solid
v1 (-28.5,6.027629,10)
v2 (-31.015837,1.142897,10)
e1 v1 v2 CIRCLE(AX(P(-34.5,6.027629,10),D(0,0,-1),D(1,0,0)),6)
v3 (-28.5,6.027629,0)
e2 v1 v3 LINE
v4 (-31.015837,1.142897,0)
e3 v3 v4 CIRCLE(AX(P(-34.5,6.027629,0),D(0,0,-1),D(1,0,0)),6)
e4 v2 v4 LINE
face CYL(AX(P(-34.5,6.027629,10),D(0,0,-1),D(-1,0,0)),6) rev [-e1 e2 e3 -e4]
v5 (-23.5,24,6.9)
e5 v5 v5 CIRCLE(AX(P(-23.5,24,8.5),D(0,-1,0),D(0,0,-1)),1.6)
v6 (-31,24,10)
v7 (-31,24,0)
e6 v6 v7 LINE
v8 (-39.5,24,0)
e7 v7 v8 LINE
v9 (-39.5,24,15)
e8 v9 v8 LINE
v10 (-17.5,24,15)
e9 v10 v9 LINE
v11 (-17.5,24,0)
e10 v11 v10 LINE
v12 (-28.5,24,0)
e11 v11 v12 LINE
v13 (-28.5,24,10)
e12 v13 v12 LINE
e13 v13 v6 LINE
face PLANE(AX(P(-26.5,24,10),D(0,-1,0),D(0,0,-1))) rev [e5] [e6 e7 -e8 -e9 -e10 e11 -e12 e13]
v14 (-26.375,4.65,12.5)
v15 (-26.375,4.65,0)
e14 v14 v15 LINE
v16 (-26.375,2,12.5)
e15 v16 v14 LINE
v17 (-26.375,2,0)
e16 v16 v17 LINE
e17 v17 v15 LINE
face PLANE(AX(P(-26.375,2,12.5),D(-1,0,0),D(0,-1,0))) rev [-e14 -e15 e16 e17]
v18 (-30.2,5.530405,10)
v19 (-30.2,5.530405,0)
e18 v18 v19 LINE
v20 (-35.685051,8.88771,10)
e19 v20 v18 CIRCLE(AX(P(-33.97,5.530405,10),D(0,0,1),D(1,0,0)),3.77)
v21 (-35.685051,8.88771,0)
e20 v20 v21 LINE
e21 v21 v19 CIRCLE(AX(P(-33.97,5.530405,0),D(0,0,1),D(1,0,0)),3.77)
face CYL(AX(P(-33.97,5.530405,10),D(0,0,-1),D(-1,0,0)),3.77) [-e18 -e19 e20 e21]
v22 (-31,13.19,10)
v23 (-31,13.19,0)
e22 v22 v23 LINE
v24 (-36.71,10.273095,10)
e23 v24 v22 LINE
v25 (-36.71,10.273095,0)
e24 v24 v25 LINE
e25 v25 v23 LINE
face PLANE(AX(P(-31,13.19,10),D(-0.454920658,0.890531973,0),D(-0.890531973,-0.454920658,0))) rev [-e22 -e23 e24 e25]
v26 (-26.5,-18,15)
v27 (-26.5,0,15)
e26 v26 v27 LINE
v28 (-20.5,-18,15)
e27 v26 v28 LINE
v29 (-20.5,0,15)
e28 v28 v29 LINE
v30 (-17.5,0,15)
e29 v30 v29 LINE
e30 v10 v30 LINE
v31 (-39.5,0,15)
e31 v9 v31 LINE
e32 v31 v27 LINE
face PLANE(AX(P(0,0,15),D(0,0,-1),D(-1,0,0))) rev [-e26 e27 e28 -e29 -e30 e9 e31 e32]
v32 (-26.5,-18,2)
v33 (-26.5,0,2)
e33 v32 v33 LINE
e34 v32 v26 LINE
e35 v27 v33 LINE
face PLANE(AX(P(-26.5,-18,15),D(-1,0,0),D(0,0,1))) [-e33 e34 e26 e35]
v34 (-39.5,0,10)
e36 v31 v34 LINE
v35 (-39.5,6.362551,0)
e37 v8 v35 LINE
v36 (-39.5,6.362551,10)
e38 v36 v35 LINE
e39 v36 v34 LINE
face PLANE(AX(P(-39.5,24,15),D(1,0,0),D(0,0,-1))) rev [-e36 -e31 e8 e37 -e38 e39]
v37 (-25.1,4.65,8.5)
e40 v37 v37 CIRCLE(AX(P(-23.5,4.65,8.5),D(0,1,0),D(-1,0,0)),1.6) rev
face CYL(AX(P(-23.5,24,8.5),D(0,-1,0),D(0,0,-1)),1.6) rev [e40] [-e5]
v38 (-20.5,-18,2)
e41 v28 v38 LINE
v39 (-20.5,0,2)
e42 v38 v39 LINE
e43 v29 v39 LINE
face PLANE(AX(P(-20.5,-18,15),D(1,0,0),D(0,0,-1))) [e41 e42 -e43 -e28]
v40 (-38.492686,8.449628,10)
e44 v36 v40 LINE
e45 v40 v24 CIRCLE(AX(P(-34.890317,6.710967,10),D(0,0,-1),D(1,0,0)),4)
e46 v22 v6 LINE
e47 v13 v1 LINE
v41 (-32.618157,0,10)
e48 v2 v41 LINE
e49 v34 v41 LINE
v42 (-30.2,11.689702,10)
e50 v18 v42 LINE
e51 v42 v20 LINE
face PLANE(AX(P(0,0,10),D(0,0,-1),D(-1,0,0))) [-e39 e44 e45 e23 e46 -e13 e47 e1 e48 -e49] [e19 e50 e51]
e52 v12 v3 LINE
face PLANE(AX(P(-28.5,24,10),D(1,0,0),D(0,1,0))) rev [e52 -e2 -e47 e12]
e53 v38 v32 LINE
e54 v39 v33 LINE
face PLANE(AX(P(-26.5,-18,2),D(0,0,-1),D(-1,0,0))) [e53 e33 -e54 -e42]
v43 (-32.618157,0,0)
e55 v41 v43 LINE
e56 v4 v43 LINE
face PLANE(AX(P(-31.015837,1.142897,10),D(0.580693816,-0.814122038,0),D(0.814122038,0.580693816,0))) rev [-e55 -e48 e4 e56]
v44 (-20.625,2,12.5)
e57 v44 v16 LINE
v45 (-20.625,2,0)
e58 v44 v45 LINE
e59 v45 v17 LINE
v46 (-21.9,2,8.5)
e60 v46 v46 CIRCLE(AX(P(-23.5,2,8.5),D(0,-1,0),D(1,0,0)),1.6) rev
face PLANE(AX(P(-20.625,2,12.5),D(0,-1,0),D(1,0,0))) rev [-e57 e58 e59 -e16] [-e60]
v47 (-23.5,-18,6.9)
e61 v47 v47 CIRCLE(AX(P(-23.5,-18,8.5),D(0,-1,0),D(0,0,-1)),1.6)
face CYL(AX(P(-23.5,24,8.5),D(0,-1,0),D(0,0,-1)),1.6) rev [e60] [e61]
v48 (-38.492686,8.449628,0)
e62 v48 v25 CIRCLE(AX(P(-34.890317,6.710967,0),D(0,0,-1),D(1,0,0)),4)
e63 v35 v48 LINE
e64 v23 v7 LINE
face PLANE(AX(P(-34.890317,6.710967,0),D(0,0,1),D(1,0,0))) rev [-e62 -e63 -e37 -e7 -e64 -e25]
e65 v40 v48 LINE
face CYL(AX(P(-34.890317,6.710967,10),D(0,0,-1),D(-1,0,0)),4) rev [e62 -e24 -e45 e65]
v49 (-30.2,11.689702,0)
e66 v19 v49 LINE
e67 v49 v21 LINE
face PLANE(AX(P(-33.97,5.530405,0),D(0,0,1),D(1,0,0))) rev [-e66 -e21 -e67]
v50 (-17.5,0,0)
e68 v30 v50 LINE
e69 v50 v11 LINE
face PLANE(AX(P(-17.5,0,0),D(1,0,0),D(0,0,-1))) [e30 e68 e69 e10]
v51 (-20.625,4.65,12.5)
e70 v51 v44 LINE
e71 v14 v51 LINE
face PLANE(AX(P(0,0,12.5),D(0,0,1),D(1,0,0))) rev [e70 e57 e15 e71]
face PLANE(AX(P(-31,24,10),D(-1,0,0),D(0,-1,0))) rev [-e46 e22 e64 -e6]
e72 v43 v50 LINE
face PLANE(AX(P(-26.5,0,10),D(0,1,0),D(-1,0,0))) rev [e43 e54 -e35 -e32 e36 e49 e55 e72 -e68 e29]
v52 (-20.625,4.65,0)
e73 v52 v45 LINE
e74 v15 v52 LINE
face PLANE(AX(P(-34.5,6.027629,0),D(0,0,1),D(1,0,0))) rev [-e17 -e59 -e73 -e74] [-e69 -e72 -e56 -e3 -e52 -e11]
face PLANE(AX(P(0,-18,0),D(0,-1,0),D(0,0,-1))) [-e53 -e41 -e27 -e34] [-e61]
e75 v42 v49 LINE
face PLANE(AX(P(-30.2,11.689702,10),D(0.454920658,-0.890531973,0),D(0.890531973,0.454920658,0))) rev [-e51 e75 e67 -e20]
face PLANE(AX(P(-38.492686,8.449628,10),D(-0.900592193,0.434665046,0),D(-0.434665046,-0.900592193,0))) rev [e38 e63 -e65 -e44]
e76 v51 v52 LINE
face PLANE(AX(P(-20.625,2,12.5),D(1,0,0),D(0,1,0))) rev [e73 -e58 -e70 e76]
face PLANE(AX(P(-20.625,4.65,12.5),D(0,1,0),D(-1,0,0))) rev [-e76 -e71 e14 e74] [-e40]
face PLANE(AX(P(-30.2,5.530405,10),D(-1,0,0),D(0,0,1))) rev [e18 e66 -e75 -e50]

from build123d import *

# Parameters (mm, degrees)
BOSS_EXTRUDE1_DEPTH   = 10
BOSS_EXTRUDE1_2_DEPTH = 10
BOSS_EXTRUDE1_3_DEPTH = 10
SKETCH3_W             = 13
SKETCH3_H             = 24
BOSS_EXTRUDE2_DEPTH   = 5
SKETCH4_W             = 6
SKETCH4_H             = 13
BOSS_EXTRUDE3_DEPTH   = 42
SKETCH5_W             = 6
SKETCH5_H             = 24
BOSS_EXTRUDE4_DEPTH   = 2
SKETCH6_R             = 1.6
CUT_EXTRUDE1_DEPTH    = 60.575582246
SKETCH8_W             = 15
SKETCH8_H             = 24
BOSS_EXTRUDE5_DEPTH   = 3
SKETCH7_W             = 5.75
SKETCH7_H             = 2.65
CUT_EXTRUDE2_DEPTH    = 12.5


with BuildPart() as part:
    # Sketch2 → Boss-Extrude1 (new body)
    with BuildSketch(Plane.XY):
        with BuildLine():
            Line((-26.5, 0), (-30.65, 0))
            Line((-30.65, 0), (-32.618157491, 0))
            Line((-32.618157491, 0), (-31.015837104, 1.142896884))
            ThreePointArc((-31.015837104, 1.142896884), (-29.165912572, 3.280355677), (-28.5, 6.027629109))
            Line((-28.5, 6.027629109), (-28.5, 24))
            Line((-28.5, 24), (-26.5, 24))
            Line((-26.5, 24), (-26.5, 0))
        make_face()
    extrude(amount=BOSS_EXTRUDE1_DEPTH)



with BuildPart() as body_2:
    # Sketch2 → Boss-Extrude1 2 (new body)
    with BuildSketch(Plane.XY):
        with BuildLine():
            Line((-31, 24), (-39.5, 24))
            Line((-39.5, 24), (-39.5, 8.68))
            Line((-39.5, 8.68), (-39.5, 6.362551494))
            Line((-39.5, 6.362551494), (-38.492686138, 8.449627525))
            ThreePointArc((-38.492686138, 8.449627525), (-37.750547948, 9.507229314), (-36.71, 10.273095232))
            Line((-36.71, 10.273095232), (-31, 13.19))
            Line((-31, 13.19), (-31, 24))
        make_face()
    extrude(amount=BOSS_EXTRUDE1_2_DEPTH)


with BuildPart() as body_3:
    # Sketch2 → Boss-Extrude1 3 (new body)
    with BuildSketch(Plane.XY):
        with BuildLine():
            Line((-30.2, 5.530404879), (-30.2, 11.689701848))
            Line((-30.2, 11.689701848), (-35.685050881, 8.887710417))
            ThreePointArc((-35.685050881, 8.887710417), (-35.938141024, 2.314923436), (-30.2, 5.530404879))
        make_face()
    extrude(amount=BOSS_EXTRUDE1_3_DEPTH)


with BuildPart() as part_1:
    add(part.part)

    add(body_2.part)  # Boss-Extrude2 merges body 2

    add(body_3.part)  # Boss-Extrude2 merges body 3
    # Sketch3 → Boss-Extrude2 (add)
    with BuildSketch(Plane.XY.offset(10)):
        with Locations((-33, 12)):
            Rectangle(SKETCH3_W, SKETCH3_H)
    extrude(amount=BOSS_EXTRUDE2_DEPTH)

    # Sketch4 → Boss-Extrude3 (add)
    with BuildSketch(Plane(origin=(0, 24, 0), x_dir=(1, 0, 0), z_dir=(0, 1, 0))):
        with Locations((-23.5, -8.5)):
            Rectangle(SKETCH4_W, SKETCH4_H)
    extrude(amount=-BOSS_EXTRUDE3_DEPTH)

    # Sketch5 → Boss-Extrude4 (add)
    with BuildSketch(Plane(origin=(0, 0, 2), x_dir=(-1, 0, 0), z_dir=(0, 0, -1))):
        with Locations((23.5, 12)):
            Rectangle(SKETCH5_W, SKETCH5_H)
    extrude(amount=BOSS_EXTRUDE4_DEPTH)

    # Sketch6 → Cut-Extrude1 (cut, through all)
    with BuildSketch(Plane.XZ.offset(18)):
        with Locations(Location((-23.5, 8.5, 0), (0, 0, 270))):
            Circle(SKETCH6_R)
    extrude(amount=-CUT_EXTRUDE1_DEPTH, mode=Mode.SUBTRACT)

    # Sketch8 → Boss-Extrude5 (add)
    with BuildSketch(Plane(origin=(-20.5, 0, 0), x_dir=(0, 0, -1), z_dir=(1, 0, 0))):
        with Locations((-7.5, 12)):
            Rectangle(SKETCH8_W, SKETCH8_H)
    extrude(amount=BOSS_EXTRUDE5_DEPTH)

    # Sketch7 → Cut-Extrude2 (cut)
    with BuildSketch(Plane(origin=(0, 0, 0), x_dir=(-1, 0, 0), z_dir=(0, 0, -1))):
        with Locations((23.5, 3.325)):
            Rectangle(SKETCH7_W, SKETCH7_H)
    extrude(amount=-CUT_EXTRUDE2_DEPTH, mode=Mode.SUBTRACT)


solid = part_1.part
